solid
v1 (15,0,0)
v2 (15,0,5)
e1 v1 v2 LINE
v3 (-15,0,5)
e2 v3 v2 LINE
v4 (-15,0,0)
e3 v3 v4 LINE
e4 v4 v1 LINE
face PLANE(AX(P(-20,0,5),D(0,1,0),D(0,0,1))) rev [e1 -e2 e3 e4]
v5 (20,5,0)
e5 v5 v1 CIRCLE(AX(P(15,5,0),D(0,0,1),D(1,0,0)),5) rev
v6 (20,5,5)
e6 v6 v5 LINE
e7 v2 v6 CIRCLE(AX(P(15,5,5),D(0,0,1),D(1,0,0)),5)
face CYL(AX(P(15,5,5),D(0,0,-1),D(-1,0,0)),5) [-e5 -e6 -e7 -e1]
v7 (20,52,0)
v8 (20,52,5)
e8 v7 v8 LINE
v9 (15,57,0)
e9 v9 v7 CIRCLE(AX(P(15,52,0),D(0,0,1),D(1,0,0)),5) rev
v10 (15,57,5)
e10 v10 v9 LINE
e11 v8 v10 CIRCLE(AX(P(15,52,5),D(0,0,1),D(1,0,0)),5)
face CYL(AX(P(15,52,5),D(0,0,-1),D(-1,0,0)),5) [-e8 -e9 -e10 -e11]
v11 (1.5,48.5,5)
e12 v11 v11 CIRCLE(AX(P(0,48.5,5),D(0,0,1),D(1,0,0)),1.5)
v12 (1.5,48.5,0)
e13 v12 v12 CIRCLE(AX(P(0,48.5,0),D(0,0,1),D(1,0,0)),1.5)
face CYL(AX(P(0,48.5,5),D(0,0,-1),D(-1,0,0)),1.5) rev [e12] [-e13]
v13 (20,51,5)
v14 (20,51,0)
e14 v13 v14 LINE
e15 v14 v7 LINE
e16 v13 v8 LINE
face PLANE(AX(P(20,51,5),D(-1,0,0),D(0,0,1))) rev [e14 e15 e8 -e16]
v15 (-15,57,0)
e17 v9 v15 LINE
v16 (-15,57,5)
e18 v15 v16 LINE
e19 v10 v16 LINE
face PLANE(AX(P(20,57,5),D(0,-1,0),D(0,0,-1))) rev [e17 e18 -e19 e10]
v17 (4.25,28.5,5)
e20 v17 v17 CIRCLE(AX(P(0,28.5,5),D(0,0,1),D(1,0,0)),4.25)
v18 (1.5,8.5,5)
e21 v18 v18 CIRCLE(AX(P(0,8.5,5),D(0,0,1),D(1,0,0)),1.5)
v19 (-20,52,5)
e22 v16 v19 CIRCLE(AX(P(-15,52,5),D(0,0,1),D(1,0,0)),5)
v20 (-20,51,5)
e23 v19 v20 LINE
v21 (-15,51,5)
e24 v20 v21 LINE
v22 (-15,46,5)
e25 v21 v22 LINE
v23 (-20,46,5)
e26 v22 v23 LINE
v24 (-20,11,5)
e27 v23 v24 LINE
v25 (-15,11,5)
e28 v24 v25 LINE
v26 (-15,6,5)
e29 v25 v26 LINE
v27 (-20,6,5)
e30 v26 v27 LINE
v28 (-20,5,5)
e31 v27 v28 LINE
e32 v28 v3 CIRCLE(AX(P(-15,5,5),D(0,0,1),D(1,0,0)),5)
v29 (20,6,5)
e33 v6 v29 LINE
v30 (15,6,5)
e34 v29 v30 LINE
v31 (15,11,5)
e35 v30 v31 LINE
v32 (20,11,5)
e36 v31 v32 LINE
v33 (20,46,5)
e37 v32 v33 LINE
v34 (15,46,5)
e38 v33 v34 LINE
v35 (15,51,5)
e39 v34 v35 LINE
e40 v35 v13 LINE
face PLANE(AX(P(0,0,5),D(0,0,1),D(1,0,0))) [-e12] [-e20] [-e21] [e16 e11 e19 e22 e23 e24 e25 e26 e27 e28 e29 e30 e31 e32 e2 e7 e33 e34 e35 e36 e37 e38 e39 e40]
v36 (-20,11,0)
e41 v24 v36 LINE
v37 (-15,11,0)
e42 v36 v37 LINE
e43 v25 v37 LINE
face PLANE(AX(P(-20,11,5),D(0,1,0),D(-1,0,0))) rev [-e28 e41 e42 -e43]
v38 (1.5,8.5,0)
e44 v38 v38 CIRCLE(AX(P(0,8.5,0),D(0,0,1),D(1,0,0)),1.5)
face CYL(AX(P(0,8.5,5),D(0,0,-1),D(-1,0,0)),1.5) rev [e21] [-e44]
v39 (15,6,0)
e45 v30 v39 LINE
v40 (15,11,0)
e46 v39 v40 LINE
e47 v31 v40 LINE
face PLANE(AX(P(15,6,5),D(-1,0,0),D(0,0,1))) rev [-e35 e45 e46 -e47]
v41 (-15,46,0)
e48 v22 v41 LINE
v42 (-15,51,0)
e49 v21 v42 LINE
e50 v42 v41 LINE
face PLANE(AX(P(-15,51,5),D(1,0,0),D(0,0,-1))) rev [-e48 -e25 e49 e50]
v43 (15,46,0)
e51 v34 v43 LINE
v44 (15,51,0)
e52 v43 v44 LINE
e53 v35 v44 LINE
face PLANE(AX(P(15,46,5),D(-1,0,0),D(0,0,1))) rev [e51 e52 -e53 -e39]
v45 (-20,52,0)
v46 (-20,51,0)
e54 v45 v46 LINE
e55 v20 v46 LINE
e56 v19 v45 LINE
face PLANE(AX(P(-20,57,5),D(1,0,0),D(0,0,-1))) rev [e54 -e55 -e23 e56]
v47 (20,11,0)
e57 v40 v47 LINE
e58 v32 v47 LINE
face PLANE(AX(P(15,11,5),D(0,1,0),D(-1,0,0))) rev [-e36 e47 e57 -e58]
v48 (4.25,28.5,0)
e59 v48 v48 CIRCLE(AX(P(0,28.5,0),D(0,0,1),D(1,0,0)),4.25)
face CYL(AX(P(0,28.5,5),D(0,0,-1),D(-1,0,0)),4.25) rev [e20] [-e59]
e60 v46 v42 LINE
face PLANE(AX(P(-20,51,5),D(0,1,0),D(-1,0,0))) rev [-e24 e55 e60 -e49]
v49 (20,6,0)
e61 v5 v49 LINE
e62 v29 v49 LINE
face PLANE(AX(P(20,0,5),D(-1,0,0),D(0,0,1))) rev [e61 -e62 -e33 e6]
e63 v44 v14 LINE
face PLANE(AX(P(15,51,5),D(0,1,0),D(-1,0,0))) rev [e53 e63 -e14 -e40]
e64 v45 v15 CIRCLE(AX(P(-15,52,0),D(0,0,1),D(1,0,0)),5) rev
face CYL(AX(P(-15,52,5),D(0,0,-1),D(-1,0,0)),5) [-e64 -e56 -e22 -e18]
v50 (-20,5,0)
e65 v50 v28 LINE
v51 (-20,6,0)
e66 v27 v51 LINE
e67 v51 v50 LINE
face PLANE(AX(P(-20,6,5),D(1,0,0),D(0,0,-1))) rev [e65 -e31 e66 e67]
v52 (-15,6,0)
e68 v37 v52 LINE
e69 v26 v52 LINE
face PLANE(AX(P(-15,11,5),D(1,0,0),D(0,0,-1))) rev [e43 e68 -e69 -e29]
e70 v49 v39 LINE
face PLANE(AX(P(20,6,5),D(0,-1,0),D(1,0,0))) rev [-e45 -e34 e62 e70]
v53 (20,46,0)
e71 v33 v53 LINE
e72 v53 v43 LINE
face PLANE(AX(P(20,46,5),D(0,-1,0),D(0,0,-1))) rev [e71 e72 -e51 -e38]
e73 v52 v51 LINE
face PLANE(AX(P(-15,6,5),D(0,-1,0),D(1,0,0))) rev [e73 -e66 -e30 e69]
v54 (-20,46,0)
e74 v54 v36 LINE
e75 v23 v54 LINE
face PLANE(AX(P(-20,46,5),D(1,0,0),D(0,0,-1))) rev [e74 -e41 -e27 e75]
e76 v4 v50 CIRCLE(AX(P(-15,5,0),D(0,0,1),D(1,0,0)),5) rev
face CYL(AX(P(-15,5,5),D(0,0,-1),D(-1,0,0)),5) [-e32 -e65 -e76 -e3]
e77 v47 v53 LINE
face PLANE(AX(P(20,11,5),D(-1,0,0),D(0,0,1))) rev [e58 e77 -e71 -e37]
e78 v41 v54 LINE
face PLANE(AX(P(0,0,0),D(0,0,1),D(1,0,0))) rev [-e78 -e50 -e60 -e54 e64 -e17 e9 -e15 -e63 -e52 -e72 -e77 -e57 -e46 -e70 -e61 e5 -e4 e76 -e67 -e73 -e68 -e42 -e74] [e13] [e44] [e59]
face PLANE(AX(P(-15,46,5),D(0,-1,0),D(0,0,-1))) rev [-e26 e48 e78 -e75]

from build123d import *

# Parameters (mm, degrees)
ESQUISSE1_R        = 1.5
ESQUISSE1_R_2      = 4.25
BOSS_EXTRU_1_DEPTH = 5
CONG_1_R           = 5


with BuildPart() as part:
    # Esquisse1 → Boss.-Extru.1 (new body)
    with BuildSketch(Plane.XY):
        Polygon((-20, 0), (20, 0), (20, 6), (15, 6), (15, 11), (20, 11), (20, 46), (15, 46), (15, 51), (20, 51), (20, 57), (-20, 57), (-20, 51), (-15, 51), (-15, 46), (-20, 46), (-20, 11), (-15, 11), (-15, 6), (-20, 6), align=None)
        with Locations((0, 48.5)):
            Circle(ESQUISSE1_R, mode=Mode.SUBTRACT)
        with Locations((0, 8.5)):
            Circle(ESQUISSE1_R, mode=Mode.SUBTRACT)
        with Locations((0, 28.5)):
            Circle(ESQUISSE1_R_2, mode=Mode.SUBTRACT)
    extrude(amount=BOSS_EXTRU_1_DEPTH)

    # Congé1
    cong_1_edges = [part.edges().sort_by_distance(p)[0] for p in [
        (-20, 57, 2.5),
        (20, 57, 2.5),
        (20, 0, 2.5),
        (-20, 0, 2.5),
    ]]
    fillet(cong_1_edges, radius=CONG_1_R)


solid = part.part
